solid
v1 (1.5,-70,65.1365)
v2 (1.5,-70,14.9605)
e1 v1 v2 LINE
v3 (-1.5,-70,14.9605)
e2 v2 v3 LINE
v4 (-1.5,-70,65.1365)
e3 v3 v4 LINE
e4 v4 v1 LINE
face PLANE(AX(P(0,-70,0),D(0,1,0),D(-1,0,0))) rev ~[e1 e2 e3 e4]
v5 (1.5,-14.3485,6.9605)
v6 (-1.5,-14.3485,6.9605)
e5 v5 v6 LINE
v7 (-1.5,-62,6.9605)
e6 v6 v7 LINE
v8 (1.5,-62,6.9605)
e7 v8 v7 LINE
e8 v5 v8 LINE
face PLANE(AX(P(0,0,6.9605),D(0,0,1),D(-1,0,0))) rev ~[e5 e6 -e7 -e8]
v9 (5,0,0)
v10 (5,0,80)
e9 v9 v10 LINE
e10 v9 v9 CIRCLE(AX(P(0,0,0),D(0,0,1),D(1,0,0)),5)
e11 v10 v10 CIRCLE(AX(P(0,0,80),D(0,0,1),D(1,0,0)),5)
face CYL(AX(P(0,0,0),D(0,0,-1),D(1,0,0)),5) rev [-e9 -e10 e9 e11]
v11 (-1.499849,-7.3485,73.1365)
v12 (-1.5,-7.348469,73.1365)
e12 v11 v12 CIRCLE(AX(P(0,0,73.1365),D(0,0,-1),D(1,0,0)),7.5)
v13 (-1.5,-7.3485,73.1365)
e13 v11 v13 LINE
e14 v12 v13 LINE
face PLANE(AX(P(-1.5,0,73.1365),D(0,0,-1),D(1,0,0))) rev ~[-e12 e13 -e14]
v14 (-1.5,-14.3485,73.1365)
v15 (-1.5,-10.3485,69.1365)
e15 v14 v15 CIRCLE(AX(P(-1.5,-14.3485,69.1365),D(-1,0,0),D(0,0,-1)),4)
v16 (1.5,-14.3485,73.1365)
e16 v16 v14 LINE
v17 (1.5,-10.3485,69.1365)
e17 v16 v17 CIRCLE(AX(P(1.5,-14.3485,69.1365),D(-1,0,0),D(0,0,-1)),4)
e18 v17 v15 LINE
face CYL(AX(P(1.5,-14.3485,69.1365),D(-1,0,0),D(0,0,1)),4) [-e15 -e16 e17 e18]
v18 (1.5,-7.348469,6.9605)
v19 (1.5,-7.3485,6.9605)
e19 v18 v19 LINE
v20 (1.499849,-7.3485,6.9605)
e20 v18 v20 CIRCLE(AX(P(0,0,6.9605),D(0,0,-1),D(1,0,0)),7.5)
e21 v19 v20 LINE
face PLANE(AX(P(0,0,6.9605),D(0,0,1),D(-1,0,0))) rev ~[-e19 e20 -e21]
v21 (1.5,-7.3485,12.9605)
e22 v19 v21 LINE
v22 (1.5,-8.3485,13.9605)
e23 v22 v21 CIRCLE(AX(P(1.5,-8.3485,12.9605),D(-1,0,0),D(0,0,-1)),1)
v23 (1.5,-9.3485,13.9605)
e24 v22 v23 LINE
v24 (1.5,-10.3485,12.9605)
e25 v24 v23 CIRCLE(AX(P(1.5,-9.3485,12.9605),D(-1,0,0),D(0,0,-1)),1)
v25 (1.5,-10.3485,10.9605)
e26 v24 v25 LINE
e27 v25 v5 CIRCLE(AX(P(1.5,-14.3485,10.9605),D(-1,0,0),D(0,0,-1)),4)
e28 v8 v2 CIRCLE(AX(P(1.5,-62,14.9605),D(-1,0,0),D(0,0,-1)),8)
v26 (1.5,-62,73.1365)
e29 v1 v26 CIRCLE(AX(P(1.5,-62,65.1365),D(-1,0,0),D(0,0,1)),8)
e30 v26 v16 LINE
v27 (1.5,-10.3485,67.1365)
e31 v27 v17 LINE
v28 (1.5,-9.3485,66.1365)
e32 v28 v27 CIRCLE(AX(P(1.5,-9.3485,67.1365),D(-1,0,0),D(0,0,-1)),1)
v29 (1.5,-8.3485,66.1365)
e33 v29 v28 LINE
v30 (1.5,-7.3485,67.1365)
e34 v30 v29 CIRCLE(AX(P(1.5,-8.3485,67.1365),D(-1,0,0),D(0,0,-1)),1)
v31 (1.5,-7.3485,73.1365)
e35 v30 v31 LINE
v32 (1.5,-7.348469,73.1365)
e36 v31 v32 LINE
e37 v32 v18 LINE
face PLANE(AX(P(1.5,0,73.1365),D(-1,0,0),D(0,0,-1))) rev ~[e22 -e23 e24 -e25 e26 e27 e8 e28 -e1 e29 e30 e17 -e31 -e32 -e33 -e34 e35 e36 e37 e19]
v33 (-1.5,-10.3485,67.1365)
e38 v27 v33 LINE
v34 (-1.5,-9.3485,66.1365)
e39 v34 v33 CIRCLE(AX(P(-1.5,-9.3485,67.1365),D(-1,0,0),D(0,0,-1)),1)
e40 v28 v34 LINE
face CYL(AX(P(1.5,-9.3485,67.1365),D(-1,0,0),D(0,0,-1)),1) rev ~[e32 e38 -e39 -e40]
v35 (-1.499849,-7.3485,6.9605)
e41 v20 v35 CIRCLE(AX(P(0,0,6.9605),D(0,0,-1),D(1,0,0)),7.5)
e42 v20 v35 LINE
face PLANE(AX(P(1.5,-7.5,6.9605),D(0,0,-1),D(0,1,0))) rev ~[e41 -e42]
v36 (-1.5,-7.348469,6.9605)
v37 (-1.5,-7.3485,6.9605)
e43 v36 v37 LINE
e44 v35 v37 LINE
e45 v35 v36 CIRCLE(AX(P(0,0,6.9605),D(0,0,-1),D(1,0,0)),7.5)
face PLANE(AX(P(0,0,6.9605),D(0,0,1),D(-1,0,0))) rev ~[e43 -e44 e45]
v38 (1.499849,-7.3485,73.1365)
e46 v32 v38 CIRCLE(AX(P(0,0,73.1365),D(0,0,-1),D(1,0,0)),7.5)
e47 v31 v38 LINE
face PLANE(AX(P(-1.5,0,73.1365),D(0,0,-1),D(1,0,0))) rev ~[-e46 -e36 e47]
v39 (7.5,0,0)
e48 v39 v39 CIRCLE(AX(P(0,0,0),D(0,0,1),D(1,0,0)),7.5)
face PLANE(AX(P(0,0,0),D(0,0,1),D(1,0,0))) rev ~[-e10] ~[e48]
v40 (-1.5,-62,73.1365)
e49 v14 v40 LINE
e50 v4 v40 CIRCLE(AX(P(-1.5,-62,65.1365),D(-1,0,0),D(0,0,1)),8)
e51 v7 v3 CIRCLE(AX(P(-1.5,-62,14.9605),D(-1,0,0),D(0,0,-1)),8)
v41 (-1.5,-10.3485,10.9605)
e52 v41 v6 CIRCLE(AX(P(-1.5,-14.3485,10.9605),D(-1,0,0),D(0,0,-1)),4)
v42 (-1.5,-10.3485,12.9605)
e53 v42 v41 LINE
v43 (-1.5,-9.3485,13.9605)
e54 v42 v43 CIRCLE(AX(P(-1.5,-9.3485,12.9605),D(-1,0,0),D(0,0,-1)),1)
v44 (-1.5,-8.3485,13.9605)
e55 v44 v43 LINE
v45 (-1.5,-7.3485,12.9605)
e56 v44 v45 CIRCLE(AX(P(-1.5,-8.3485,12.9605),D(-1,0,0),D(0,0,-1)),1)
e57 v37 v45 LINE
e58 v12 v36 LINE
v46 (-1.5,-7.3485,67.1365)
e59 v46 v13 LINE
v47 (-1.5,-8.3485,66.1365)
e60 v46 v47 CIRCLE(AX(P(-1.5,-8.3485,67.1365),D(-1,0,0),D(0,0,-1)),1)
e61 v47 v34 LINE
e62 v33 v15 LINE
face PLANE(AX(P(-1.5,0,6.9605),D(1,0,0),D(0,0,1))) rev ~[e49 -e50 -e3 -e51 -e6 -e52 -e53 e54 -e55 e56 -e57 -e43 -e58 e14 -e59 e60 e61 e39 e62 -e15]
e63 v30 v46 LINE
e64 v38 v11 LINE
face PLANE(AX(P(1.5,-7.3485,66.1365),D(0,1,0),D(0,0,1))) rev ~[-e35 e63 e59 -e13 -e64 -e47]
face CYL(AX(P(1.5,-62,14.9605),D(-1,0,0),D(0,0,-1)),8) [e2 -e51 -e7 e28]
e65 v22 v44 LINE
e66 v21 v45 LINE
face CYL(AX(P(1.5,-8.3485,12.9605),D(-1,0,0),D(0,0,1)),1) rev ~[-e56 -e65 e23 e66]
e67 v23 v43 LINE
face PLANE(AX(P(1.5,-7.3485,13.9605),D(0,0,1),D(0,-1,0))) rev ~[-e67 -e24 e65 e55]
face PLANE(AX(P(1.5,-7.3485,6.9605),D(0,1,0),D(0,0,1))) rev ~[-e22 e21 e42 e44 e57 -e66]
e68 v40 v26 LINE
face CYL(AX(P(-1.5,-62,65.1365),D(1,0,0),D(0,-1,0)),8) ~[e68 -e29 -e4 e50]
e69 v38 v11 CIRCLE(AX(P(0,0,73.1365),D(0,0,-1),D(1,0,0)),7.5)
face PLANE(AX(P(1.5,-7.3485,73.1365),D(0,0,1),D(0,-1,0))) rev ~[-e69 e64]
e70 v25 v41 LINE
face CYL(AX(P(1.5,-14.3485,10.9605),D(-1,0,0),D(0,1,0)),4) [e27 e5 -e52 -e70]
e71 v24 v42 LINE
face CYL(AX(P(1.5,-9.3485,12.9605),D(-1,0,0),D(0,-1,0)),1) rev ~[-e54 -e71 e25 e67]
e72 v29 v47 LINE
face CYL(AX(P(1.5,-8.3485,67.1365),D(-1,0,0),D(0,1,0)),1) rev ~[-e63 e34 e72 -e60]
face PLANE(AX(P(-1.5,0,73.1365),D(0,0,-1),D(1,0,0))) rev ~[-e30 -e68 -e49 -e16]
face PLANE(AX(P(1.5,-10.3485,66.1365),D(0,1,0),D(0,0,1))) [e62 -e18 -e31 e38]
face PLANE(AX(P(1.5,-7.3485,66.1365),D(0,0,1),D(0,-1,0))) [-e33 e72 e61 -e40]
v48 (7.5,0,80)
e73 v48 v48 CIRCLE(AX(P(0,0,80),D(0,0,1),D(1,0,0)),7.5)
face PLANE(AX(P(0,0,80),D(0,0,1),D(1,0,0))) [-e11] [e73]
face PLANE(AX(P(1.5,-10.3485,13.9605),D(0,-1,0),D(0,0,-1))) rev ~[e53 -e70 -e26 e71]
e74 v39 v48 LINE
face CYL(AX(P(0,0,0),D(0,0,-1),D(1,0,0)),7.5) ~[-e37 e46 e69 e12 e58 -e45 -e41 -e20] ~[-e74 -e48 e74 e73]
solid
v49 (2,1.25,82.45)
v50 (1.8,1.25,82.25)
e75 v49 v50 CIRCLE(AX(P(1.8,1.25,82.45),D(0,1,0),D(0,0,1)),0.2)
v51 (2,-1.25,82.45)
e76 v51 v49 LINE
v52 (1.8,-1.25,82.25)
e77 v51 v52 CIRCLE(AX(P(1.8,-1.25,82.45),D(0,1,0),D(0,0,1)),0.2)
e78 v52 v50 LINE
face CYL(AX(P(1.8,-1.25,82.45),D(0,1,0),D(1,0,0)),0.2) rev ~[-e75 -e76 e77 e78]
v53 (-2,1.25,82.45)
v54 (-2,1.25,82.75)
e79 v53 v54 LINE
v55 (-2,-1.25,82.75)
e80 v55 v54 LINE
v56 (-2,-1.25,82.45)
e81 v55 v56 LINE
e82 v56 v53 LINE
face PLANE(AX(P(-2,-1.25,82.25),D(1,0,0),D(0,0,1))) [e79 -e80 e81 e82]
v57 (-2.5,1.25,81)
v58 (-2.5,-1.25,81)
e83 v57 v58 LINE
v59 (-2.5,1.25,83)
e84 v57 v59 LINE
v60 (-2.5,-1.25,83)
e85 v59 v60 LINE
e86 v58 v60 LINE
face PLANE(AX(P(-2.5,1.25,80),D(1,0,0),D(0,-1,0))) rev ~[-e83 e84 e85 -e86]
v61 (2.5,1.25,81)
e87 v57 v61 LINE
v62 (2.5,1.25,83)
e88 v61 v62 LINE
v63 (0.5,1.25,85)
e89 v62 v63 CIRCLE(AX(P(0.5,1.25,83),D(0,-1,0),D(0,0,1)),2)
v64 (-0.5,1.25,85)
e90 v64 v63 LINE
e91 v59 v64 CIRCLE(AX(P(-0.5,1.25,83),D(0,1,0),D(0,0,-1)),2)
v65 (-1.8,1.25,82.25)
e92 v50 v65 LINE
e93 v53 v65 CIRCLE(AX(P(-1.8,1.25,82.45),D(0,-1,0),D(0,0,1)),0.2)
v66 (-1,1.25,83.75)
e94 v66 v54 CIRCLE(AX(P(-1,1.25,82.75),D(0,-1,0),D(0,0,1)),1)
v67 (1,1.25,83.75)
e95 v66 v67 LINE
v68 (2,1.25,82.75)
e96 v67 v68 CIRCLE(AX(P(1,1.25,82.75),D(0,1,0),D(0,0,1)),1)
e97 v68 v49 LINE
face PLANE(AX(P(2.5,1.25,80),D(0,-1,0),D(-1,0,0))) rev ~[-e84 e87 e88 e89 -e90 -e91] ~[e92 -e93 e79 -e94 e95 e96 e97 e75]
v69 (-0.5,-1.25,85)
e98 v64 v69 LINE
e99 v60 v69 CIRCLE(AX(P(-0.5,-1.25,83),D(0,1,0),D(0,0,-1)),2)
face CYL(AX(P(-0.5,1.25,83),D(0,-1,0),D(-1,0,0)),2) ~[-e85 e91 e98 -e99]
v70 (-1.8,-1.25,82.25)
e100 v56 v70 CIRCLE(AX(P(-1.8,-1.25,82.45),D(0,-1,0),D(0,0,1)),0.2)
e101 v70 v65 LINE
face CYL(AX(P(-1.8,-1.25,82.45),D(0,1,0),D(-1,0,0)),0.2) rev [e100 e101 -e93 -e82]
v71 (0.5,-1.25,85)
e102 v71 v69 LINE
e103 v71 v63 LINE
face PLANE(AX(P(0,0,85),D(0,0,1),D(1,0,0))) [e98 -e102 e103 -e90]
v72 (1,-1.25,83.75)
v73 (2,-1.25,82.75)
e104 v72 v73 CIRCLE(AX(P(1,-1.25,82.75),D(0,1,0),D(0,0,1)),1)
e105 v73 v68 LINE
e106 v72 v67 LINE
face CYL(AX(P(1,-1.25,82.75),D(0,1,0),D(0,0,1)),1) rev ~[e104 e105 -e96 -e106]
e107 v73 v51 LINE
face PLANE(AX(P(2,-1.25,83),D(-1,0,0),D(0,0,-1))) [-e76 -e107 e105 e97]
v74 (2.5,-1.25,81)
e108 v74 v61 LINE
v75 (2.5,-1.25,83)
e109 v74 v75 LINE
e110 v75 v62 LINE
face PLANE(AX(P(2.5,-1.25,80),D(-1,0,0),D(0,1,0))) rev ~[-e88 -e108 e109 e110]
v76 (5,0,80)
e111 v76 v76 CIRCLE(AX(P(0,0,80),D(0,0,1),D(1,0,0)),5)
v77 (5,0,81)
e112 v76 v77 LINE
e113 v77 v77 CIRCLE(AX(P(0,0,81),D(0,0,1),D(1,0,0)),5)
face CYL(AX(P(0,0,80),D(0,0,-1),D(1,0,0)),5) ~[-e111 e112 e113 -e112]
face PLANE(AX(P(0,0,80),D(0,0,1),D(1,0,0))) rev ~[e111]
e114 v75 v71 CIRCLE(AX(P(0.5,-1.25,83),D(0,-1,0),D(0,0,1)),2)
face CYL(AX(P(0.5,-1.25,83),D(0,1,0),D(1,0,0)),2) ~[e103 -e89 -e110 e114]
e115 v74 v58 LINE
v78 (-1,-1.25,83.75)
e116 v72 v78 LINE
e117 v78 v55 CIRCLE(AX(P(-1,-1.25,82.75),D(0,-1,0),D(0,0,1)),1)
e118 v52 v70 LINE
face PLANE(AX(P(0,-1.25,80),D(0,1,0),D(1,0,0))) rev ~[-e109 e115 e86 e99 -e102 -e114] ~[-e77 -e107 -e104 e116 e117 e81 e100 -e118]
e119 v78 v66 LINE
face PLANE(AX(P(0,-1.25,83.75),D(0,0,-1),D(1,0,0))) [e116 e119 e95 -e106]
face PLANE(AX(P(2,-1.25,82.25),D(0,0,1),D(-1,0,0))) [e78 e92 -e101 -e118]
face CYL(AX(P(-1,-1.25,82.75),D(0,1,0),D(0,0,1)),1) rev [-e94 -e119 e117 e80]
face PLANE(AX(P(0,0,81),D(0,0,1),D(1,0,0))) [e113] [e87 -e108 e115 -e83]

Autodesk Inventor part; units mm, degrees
ref_plane "YZ Plane" through (0, 0, 0) normal (1, 0, 0) x (0, 1, 0)
ref_plane "XZ Plane" through (0, 0, 0) normal (0, 1, 0) x (-1, 0, 0)
ref_plane "XY Plane" through (0, 0, 0) normal (0, 0, 1) x (1, 0, 0)
sketch "Skizze4" plane through (0, 0, 0) normal (0, 0, 1) x (1, 0, 0)
  circle A0 centre (0, 0) radius 7.5
  circle A1 centre (0, 0) radius 5
  dimension "d5" = 15
  dimension "d8" = 10
extrude "Extrusion1" add sketch "Skizze4" along normal blind 80
sketch "Skizze5" plane through (0, 0, 0) normal (0, 1, 0) x (-1, 0, 0)
  line L0 (7.5, 80) -> (-7.5, 80) projected
  line L1 (7.5, 0) -> (-7.5, 0) projected
  line L2 (0, 0) -> (-3.4759, 0)
  line L3 (7.5, 0) -> (-7.5, 0) projected
  line L4 (0, 0) -> (0, 7)
  line L5 (7.5, 80) -> (-7.5, 80) projected
  line L6 (0, 80) -> (0, 73)
  line L7 (-5, 80) -> (-5, 0) projected
  line L8 (-1.5, 73.1365) -> (-1.5, 10.0002)
  line L9 (-7.5, 0) -> (-7.5, 80) projected
  line L10 (-1.5, 6.9605) -> (1.5, 6.9605)
  line L11 (5, 80) -> (5, 0) projected
  line L12 (1.5, 6.9605) -> (1.5, 73.1365)
  line L13 (1.5, 73.1365) -> (-1.566, 73.1365)
  line L14 (-1.5, 10.0002) -> (-1.5, 6.9605)
  point P0 (0, 70)
  dimension "d9" = 7
  dimension "d10" = 7
  dimension "d11" = 3
extrude "Extrusion2" add sketch "Skizze5" along normal blind 1 and the other way blind 70 contours L13 L12 L10 L14 L8
sketch "Skizze7" plane through (0, 0, 80) normal (0, 0, 1) x (1, 0, 0)
  circle A0 centre (0, 0) radius 7.5 projected
  circle A1 centre (0, 0) radius 5 projected
  arc A2 (-1.5, -4.7697) -> (1.5, -4.7697) centre (0, 0) ccw projected
  line L0 (-1.5, 1) -> (1.5, 1) projected
  line L1 (-1.5, 1) -> (-1.5, -4.7697) projected
  line L2 (-1.5, -4.7697) -> (-1.5, 1) projected
  line L3 (-1.5, -4.7697) -> (-1.5, 1)
  line L4 (1.5, 1) -> (-1.5, 1) projected
  line L5 (-1.5, 1) -> (1.5, 1)
  line L6 (1.5, 1) -> (1.5, -4.7697)
  arc A3 (-1.5, -4.7697) -> (1.5, -4.7697) centre (0, 0) ccw projected
  arc A4 (-1.5, -4.7697) -> (1.5, -4.7697) centre (0, -2.7697) ccw
  line L7 (1.5, -4.7697) -> (1.5, 1) projected
  point P0 (-1.5, -4.7697)
  point P1 (1.5, -4.7697)
  point P2 (1.5, -4.7697)
extrude "Extrusion4" cut sketch "Skizze7" against normal blind 80 contours A1 L6 L0 L1 | L1 L0 L6 A1
sketch "Skizze8" plane through (1.5, -70, 73.1365) normal (1, 0, 0) x (0, 0, -1)
  line L0 (66.176, 62.6515) -> (0, 62.6515) projected
  line L1 (66.176, 0) -> (66.176, 62.6515) projected
  line L2 (0, 0) -> (66.176, 0) projected
  line L3 (0, 62.6515) -> (0, 0) projected
  line L4 (66.176, 62.6515) -> (0, 62.6515) projected
  line L5 (0, 62.6515) -> (7, 62.6515)
  line L6 (66.176, 62.5) -> (66.176, 62.6515) projected
  line L7 (66.176, 62.6515) -> (59.176, 62.6515)
  line L8 (7, 62.6515) -> (7, 59.6515)
  line L9 (33.088, 62.6515) -> (33.088, 0)
  line L10 (0, 0) -> (66.176, 0) projected
  line L11 (7, 59.6515) -> (0, 59.6515)
  line L12 (0, 62.6515) -> (0, 0) projected
  line L13 (0, 59.6515) -> (0, 0)
  line L14 (0, 0) -> (33.088, 0)
  line L15 (66.176, 0) -> (66.176, 62.6515)
  line L16 (59.176, 62.6515) -> (59.176, 59.6515)
  line L17 (59.176, 59.6515) -> (66.176, 59.6515)
  line L18 (66.176, 0) -> (33.088, 0)
  line L19 (7, 62.6515) -> (59.176, 62.6515)
  line L20 (0, 59.6515) -> (0, 62.6515)
  line L21 (66.176, 59.6515) -> (66.176, 62.5)
  point P0 (73.1365, 70)
  dimension "d20" = 7
  dimension "d21" = 7
  dimension "d22" = 3
extrude "Extrusion5" cut sketch "Skizze8" against normal blind 5 contours L1 L17 L16 L0 | L8 L11 L3 L0
fillet "Rundung7" radius 1 4 edges at (0, -7.3485, 66.1365) (0, -10.3485, 66.1365) (0, -7.3485, 13.9605) (0, -10.3485, 13.9605)
fillet "Rundung8" radius 4 2 edges at (0, -10.3485, 6.9605) (0, -10.3485, 73.1365)
fillet "Rundung9" radius 8 2 edges at (0, -70, 73.1365) (0, -70, 6.9605)
sketch "Skizze9" plane through (0, 0, 80) normal (0, 0, 1) x (1, 0, 0)
  circle A0 centre (0, 0) radius 7.5 projected
  circle A1 centre (0, 0) radius 5 projected
  circle A2 centre (0, 0) radius 5
  line L0 (2.5, 1.25) -> (-2.5, 1.25)
  line L1 (-2.5, 1.25) -> (-2.5, -1.25)
  line L2 (-2.5, -1.25) -> (2.5, -1.25)
  line L3 (2.5, -1.25) -> (2.5, 1.25)
  line L4 (0, 1.25) -> (0, -1.25)
  dimension "d37" = 10
  dimension "d38" = 5
  dimension "d39" = 2.5
extrude "Extrusion6" add sketch "Skizze9" along normal blind 1 contours A1
extrude "Extrusion7" add sketch "Skizze9" along normal blind 5 contours L3 L2 L4 L0 | L4 L2 L1 L0
sketch "Skizze10" plane through (-2.5, -1.25, 81) normal (0, -1, 0) x (1, 0, 0)
  line L0 (0, 0) -> (5, 0) projected
  line L1 (0, 0) -> (0, 4) projected
  line L2 (5, 4) -> (0, 4) projected
  line L3 (5, 0) -> (5, 4) projected
  line L4 (5, 4) -> (0, 4) projected
  line L5 (7.5, 0) -> (-2.5, 0) projected
  line L6 (0, 0) -> (0, 4) projected
  line L7 (5, 0) -> (5, 4) projected
  line L8 (0.5, 2.75) -> (4.5, 2.75)
  line L9 (4.5, 2.75) -> (4.5, 1.25)
  line L10 (4.5, 1.25) -> (0.5, 1.25)
  line L11 (0.5, 1.25) -> (0.5, 2.75)
  line L12 (2.5, 4) -> (2.5, 0)
  line L13 (0.5, 2) -> (4.5, 2)
  point P0 (2.5, -81)
  point P1 (2.5, 2)
  point P2 (2.5, 2)
  dimension "d44" = 4
  dimension "d45" = 1.5
extrude "Extrusion8" cut sketch "Skizze10" against normal blind 5 contours L12 L13 L9 L10 | L10 L11 L13 L12 | L13 L11 L8 L12 | L12 L8 L9 L13
fillet "Rundung10" radius 2 2 edges at (-2.5, 0, 85) (2.5, 0, 85)
fillet "Rundung11" radius 1 1 edges at (-2, 0, 83.75)
fillet "Rundung11" radius 1 1 edges at (2, 0, 83.75)
fillet "Rundung12" radius 0.2 1 edges at (2, 0, 82.25)
fillet "Rundung12" radius 0.2 1 edges at (-2, 0, 82.25)
equation "\"d5\" = Durchmesser1"
equation "\"d8\" = Durchmesser3"
equation "\"d6\" = Länge1"
equation "\"d9\" = Größe1"
equation "\"d10\" = Größe1"
equation "\"d11\" = Durchmesser2"
equation "\"d13\" = Größe2"
equation "\"d20\" = Größe1"
equation "\"d21\" = Größe1"
equation "\"d22\" = Größe3"
equation "\"Durchmesser1\" = 15"
equation "\"Länge1\" = 80"
equation "\"Größe1\" = 7"
equation "\"Durchmesser2\" = 3"
equation "\"Durchmesser3\" = 10"
equation "\"Größe2\" = 70"
equation "\"Größe3\" = 3"
equation "\"Größe4\" = 15"
properties part number "Ruder"
